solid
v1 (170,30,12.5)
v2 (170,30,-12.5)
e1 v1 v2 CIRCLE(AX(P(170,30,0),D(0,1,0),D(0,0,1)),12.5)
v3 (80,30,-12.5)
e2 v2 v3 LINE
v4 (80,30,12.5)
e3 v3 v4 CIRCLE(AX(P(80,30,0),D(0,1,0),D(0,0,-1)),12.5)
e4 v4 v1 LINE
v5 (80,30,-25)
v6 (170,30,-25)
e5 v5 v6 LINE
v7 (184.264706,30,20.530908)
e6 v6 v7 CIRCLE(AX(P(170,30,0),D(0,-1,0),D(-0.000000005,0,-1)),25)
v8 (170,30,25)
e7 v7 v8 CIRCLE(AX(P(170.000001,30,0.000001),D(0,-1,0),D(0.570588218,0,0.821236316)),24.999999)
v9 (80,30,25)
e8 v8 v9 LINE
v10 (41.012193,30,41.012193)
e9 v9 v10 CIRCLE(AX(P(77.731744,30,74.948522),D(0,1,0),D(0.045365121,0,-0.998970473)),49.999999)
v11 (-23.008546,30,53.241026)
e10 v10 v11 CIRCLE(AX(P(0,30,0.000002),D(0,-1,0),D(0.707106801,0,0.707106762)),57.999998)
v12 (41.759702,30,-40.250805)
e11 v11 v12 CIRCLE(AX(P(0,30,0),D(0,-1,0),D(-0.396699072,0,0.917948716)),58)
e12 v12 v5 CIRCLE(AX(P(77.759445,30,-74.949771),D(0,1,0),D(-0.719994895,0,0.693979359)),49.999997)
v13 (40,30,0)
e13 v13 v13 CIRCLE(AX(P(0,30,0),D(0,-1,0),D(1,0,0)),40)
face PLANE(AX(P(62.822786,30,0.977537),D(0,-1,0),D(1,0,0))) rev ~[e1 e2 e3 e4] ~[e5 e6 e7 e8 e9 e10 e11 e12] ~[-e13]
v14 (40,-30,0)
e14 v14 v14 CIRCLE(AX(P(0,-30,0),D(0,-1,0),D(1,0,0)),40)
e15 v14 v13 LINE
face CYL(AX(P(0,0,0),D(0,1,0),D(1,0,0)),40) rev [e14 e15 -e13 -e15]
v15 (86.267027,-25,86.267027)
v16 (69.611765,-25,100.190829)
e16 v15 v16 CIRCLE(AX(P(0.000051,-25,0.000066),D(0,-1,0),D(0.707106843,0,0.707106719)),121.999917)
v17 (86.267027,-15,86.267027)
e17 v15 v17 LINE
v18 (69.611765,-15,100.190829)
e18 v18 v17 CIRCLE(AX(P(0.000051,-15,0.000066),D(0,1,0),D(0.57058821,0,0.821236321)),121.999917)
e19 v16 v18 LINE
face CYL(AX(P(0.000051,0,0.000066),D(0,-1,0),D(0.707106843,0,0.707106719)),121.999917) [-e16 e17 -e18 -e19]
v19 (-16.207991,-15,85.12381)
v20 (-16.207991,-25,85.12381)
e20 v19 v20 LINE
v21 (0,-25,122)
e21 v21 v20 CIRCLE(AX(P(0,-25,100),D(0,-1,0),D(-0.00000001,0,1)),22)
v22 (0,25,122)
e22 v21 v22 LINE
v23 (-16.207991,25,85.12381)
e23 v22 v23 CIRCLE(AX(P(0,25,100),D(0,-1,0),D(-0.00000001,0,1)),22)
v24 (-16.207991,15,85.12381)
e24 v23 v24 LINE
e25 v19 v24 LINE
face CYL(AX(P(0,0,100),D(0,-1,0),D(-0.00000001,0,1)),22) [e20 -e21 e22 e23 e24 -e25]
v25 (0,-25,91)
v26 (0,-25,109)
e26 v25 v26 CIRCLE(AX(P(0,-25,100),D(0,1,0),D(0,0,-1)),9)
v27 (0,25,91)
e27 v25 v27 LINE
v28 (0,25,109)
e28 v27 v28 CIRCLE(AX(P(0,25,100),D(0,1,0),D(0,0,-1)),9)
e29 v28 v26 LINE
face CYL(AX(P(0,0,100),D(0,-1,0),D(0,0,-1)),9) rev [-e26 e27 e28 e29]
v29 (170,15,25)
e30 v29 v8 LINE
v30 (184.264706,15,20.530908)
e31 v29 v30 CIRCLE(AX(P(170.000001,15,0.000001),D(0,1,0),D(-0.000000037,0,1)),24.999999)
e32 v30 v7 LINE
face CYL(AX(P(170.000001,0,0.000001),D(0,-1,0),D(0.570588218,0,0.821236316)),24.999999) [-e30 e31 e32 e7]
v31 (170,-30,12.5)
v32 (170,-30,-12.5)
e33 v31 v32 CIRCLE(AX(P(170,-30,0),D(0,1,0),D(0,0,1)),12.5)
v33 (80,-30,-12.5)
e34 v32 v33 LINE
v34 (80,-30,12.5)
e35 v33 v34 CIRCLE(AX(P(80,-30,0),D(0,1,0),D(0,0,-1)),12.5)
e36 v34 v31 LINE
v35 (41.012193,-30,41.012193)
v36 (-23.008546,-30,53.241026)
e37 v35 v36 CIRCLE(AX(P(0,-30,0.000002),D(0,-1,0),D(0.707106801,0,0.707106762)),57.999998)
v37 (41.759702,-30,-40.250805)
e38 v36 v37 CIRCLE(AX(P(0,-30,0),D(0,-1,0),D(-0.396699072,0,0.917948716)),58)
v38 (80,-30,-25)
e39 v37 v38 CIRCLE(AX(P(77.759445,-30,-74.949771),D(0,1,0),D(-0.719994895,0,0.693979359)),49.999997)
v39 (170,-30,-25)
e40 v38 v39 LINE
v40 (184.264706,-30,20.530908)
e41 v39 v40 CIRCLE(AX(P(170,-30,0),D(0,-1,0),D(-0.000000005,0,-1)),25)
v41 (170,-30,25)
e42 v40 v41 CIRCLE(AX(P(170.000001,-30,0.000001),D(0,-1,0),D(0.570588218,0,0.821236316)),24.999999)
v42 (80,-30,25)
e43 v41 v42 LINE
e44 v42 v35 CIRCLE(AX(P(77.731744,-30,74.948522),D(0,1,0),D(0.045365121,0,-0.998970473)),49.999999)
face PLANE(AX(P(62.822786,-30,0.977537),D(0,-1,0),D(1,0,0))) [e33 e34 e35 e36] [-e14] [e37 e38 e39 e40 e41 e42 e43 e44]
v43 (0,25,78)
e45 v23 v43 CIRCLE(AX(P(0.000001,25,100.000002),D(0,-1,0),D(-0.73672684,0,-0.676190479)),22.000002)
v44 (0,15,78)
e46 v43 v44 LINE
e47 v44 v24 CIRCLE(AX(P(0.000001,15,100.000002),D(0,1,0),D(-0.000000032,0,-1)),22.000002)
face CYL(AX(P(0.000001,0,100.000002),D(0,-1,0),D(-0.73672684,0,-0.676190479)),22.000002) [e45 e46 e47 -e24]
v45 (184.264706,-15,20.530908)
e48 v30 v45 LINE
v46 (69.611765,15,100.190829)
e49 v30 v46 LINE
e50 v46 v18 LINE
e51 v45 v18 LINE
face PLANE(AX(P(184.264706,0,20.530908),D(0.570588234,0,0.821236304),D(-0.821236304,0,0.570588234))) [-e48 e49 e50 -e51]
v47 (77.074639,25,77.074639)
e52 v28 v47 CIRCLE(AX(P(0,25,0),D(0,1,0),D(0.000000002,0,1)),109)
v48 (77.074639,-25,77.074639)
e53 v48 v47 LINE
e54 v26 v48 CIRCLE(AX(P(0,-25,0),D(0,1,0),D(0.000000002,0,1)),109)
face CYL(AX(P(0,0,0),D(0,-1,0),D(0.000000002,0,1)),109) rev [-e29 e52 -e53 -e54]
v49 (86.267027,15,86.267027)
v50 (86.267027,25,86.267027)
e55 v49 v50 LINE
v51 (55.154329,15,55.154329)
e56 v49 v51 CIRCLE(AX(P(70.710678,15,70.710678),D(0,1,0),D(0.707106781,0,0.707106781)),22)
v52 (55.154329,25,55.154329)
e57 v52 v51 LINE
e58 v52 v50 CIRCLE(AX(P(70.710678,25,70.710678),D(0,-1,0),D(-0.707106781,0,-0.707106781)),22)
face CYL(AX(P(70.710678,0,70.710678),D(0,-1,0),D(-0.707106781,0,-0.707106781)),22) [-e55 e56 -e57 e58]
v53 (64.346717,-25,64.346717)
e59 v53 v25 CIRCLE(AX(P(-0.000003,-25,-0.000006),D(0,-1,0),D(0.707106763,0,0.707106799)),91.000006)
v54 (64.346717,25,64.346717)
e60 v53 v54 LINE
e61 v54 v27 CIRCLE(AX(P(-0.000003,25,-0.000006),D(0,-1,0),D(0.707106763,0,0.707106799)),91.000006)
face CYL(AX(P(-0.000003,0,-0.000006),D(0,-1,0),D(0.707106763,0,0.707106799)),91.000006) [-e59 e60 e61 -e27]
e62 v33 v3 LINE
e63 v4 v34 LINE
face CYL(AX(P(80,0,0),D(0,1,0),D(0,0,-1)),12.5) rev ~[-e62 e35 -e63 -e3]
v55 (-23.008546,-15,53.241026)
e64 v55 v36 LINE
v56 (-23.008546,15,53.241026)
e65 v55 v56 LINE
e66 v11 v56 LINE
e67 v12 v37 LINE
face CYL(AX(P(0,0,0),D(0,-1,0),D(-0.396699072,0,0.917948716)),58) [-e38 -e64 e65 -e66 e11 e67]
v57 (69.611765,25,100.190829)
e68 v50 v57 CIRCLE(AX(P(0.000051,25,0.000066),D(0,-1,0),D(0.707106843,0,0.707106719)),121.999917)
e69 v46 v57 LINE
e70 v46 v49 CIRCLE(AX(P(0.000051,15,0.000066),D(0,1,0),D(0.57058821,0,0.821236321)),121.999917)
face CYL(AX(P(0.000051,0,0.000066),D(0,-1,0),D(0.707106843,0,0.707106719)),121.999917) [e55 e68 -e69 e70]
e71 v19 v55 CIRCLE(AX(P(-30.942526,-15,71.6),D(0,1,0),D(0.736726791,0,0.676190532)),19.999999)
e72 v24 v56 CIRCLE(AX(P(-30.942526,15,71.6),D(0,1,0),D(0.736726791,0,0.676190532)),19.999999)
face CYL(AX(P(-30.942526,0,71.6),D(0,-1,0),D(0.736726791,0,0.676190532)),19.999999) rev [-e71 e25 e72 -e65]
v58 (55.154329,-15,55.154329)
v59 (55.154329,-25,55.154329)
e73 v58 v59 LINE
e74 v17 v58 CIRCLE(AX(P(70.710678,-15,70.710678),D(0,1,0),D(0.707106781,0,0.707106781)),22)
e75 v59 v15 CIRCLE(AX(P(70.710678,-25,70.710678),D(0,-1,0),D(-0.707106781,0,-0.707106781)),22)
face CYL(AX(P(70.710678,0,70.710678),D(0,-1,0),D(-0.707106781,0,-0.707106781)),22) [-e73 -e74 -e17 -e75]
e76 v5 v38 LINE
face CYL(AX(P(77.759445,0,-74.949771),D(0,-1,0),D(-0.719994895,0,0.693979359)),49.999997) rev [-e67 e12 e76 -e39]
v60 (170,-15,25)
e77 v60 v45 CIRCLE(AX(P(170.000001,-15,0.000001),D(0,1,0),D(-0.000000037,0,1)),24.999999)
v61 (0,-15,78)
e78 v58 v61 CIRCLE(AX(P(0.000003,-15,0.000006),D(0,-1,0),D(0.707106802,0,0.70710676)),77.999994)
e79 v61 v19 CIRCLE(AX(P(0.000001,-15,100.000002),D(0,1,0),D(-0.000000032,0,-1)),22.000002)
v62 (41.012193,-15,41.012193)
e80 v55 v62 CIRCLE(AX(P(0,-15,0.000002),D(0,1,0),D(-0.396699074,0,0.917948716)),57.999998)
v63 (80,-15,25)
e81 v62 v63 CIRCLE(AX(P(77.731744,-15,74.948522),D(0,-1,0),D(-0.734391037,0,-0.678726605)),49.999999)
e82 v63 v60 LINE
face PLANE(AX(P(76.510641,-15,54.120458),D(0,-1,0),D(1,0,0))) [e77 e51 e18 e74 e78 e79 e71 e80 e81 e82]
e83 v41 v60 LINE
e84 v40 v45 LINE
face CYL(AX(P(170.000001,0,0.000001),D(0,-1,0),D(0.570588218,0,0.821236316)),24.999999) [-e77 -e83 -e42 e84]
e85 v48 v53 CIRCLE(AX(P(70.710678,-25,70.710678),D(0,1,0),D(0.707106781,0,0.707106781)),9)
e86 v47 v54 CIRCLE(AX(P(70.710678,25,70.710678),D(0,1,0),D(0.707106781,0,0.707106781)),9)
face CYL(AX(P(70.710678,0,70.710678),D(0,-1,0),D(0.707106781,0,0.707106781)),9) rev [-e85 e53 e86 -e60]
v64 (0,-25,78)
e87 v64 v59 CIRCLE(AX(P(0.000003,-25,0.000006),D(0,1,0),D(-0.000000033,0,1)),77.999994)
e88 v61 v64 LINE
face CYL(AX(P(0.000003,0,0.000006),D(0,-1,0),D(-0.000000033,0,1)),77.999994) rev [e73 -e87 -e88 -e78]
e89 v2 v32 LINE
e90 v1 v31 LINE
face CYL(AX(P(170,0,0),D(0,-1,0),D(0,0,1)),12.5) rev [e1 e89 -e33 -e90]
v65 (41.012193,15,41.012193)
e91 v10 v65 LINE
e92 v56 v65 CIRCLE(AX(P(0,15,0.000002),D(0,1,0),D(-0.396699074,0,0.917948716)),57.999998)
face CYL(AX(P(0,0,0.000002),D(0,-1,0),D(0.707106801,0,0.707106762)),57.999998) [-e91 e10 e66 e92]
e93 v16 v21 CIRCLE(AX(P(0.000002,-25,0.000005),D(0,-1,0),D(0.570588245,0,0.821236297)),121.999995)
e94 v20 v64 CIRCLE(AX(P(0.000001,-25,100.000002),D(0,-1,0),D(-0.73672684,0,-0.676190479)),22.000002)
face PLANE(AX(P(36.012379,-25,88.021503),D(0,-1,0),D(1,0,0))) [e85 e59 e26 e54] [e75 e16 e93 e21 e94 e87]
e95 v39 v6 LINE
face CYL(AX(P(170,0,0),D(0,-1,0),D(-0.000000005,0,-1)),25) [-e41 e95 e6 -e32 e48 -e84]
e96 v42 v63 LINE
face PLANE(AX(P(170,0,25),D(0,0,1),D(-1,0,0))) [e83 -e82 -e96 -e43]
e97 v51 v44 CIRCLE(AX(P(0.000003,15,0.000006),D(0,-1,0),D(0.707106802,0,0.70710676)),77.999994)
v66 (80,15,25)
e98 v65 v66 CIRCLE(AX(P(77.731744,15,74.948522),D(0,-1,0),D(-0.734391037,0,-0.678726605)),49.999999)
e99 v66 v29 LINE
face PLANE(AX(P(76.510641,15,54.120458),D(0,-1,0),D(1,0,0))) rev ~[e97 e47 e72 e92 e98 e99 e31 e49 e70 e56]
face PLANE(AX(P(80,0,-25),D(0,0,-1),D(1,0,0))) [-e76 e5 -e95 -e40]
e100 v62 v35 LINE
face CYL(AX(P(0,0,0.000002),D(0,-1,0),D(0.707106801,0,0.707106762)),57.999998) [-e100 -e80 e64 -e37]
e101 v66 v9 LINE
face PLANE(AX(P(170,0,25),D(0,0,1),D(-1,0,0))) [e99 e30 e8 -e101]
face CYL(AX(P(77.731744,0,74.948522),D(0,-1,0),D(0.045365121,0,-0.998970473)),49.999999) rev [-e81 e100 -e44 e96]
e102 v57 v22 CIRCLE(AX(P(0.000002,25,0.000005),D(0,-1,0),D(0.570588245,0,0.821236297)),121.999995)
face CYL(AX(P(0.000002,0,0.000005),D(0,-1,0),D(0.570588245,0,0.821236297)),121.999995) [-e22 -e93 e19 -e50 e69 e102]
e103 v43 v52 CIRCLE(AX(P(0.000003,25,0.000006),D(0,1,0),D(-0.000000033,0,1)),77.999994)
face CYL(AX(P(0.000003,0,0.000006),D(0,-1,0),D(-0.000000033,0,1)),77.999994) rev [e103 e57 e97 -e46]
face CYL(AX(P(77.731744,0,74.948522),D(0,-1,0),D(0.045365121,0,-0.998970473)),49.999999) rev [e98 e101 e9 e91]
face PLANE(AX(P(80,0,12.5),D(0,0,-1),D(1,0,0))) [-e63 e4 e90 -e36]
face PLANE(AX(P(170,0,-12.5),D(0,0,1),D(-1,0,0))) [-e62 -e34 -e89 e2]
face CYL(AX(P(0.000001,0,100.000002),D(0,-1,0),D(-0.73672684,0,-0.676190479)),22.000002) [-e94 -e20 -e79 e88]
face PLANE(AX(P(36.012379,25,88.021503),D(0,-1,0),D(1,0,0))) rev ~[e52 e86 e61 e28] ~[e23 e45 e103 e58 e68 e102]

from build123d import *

# Parameters (mm, degrees)
F0_R     = 40
F1_DEPTH = 30
F2_DEPTH = 15
F3_DEPTH = 25


with BuildPart() as f1:
    # F0 (on Front) → F1 (new body, symmetric)
    with BuildSketch(Plane.XZ):
        with BuildLine():
            ThreePointArc((80, 25), (58.736468, 28.697259), (41.012193, 41.012193))
            ThreePointArc((41.012193, 41.012193), (10.882045, 56.970002), (-23.008546, 53.241026))
            ThreePointArc((-23.008546, 53.241026), (-47.67685, -33.029047), (41.759702, -40.250805))
            ThreePointArc((41.759702, -40.250805), (59.237365, -28.506986), (80, -25))
            Line((80, -25), (170, -25))
            ThreePointArc((170, -25), (193.856579, -7.474199), (184.264706, 20.530908))
            ThreePointArc((184.264706, 20.530908), (177.474199, 23.856579), (170, 25))
            Line((170, 25), (80, 25))
        make_face()
        Circle(F0_R, mode=Mode.SUBTRACT)
        with BuildLine():
            ThreePointArc((80, -12.5), (67.5, 0), (80, 12.5))
            Line((80, 12.5), (170, 12.5))
            ThreePointArc((170, 12.5), (182.5, 0), (170, -12.5))
            Line((170, -12.5), (80, -12.5))
        make_face(mode=Mode.SUBTRACT)
    extrude(amount=F1_DEPTH, both=True)

    # F0 (on Front) → F2 (join, symmetric)
    with BuildSketch(Plane.XZ):
        with BuildLine():
            ThreePointArc((-23.008546, 53.241026), (10.882045, 56.970002), (41.012193, 41.012193))
            ThreePointArc((41.012193, 41.012193), (58.736468, 28.697259), (80, 25))
            Line((80, 25), (170, 25))
            ThreePointArc((170, 25), (177.474199, 23.856579), (184.264706, 20.530908))
            Line((184.264706, 20.530908), (69.611765, 100.190829))
            ThreePointArc((69.611765, 100.190829), (78.249713, 93.60012), (86.267027, 86.267027))
            ThreePointArc((86.267027, 86.267027), (86.267027, 55.154329), (55.154329, 55.154329))
            ThreePointArc((55.154329, 55.154329), (29.849308, 72.062604), (0, 78))
            ThreePointArc((0, 78), (-8.852226, 79.859541), (-16.207991, 85.12381))
            ThreePointArc((-16.207991, 85.12381), (-11.382532, 67.427879), (-23.008546, 53.241026))
        make_face()
    extrude(amount=F2_DEPTH, both=True)

    # F0 (on Front) → F3 (join, symmetric)
    with BuildSketch(Plane.XZ):
        with BuildLine():
            ThreePointArc((0, 122), (-20.140459, 108.852226), (-16.207991, 85.12381))
            ThreePointArc((-16.207991, 85.12381), (-8.852226, 79.859541), (0, 78))
            ThreePointArc((0, 78), (29.849308, 72.062604), (55.154329, 55.154329))
            ThreePointArc((55.154329, 55.154329), (86.267027, 55.154329), (86.267027, 86.267027))
            ThreePointArc((86.267027, 86.267027), (78.249713, 93.60012), (69.611765, 100.190829))
            ThreePointArc((69.611765, 100.190829), (36.474093, 116.420104), (0, 122))
        make_face()
        with BuildLine():
            ThreePointArc((0, 109), (41.712494, 100.702869), (77.074639, 77.074639))
            ThreePointArc((77.074639, 77.074639), (77.074639, 64.346717), (64.346717, 64.346717))
            ThreePointArc((64.346717, 64.346717), (34.824192, 84.073037), (0, 91))
            ThreePointArc((0, 91), (-9, 100), (0, 109))
        make_face(mode=Mode.SUBTRACT)
    extrude(amount=F3_DEPTH, both=True)


solid = f1.part
